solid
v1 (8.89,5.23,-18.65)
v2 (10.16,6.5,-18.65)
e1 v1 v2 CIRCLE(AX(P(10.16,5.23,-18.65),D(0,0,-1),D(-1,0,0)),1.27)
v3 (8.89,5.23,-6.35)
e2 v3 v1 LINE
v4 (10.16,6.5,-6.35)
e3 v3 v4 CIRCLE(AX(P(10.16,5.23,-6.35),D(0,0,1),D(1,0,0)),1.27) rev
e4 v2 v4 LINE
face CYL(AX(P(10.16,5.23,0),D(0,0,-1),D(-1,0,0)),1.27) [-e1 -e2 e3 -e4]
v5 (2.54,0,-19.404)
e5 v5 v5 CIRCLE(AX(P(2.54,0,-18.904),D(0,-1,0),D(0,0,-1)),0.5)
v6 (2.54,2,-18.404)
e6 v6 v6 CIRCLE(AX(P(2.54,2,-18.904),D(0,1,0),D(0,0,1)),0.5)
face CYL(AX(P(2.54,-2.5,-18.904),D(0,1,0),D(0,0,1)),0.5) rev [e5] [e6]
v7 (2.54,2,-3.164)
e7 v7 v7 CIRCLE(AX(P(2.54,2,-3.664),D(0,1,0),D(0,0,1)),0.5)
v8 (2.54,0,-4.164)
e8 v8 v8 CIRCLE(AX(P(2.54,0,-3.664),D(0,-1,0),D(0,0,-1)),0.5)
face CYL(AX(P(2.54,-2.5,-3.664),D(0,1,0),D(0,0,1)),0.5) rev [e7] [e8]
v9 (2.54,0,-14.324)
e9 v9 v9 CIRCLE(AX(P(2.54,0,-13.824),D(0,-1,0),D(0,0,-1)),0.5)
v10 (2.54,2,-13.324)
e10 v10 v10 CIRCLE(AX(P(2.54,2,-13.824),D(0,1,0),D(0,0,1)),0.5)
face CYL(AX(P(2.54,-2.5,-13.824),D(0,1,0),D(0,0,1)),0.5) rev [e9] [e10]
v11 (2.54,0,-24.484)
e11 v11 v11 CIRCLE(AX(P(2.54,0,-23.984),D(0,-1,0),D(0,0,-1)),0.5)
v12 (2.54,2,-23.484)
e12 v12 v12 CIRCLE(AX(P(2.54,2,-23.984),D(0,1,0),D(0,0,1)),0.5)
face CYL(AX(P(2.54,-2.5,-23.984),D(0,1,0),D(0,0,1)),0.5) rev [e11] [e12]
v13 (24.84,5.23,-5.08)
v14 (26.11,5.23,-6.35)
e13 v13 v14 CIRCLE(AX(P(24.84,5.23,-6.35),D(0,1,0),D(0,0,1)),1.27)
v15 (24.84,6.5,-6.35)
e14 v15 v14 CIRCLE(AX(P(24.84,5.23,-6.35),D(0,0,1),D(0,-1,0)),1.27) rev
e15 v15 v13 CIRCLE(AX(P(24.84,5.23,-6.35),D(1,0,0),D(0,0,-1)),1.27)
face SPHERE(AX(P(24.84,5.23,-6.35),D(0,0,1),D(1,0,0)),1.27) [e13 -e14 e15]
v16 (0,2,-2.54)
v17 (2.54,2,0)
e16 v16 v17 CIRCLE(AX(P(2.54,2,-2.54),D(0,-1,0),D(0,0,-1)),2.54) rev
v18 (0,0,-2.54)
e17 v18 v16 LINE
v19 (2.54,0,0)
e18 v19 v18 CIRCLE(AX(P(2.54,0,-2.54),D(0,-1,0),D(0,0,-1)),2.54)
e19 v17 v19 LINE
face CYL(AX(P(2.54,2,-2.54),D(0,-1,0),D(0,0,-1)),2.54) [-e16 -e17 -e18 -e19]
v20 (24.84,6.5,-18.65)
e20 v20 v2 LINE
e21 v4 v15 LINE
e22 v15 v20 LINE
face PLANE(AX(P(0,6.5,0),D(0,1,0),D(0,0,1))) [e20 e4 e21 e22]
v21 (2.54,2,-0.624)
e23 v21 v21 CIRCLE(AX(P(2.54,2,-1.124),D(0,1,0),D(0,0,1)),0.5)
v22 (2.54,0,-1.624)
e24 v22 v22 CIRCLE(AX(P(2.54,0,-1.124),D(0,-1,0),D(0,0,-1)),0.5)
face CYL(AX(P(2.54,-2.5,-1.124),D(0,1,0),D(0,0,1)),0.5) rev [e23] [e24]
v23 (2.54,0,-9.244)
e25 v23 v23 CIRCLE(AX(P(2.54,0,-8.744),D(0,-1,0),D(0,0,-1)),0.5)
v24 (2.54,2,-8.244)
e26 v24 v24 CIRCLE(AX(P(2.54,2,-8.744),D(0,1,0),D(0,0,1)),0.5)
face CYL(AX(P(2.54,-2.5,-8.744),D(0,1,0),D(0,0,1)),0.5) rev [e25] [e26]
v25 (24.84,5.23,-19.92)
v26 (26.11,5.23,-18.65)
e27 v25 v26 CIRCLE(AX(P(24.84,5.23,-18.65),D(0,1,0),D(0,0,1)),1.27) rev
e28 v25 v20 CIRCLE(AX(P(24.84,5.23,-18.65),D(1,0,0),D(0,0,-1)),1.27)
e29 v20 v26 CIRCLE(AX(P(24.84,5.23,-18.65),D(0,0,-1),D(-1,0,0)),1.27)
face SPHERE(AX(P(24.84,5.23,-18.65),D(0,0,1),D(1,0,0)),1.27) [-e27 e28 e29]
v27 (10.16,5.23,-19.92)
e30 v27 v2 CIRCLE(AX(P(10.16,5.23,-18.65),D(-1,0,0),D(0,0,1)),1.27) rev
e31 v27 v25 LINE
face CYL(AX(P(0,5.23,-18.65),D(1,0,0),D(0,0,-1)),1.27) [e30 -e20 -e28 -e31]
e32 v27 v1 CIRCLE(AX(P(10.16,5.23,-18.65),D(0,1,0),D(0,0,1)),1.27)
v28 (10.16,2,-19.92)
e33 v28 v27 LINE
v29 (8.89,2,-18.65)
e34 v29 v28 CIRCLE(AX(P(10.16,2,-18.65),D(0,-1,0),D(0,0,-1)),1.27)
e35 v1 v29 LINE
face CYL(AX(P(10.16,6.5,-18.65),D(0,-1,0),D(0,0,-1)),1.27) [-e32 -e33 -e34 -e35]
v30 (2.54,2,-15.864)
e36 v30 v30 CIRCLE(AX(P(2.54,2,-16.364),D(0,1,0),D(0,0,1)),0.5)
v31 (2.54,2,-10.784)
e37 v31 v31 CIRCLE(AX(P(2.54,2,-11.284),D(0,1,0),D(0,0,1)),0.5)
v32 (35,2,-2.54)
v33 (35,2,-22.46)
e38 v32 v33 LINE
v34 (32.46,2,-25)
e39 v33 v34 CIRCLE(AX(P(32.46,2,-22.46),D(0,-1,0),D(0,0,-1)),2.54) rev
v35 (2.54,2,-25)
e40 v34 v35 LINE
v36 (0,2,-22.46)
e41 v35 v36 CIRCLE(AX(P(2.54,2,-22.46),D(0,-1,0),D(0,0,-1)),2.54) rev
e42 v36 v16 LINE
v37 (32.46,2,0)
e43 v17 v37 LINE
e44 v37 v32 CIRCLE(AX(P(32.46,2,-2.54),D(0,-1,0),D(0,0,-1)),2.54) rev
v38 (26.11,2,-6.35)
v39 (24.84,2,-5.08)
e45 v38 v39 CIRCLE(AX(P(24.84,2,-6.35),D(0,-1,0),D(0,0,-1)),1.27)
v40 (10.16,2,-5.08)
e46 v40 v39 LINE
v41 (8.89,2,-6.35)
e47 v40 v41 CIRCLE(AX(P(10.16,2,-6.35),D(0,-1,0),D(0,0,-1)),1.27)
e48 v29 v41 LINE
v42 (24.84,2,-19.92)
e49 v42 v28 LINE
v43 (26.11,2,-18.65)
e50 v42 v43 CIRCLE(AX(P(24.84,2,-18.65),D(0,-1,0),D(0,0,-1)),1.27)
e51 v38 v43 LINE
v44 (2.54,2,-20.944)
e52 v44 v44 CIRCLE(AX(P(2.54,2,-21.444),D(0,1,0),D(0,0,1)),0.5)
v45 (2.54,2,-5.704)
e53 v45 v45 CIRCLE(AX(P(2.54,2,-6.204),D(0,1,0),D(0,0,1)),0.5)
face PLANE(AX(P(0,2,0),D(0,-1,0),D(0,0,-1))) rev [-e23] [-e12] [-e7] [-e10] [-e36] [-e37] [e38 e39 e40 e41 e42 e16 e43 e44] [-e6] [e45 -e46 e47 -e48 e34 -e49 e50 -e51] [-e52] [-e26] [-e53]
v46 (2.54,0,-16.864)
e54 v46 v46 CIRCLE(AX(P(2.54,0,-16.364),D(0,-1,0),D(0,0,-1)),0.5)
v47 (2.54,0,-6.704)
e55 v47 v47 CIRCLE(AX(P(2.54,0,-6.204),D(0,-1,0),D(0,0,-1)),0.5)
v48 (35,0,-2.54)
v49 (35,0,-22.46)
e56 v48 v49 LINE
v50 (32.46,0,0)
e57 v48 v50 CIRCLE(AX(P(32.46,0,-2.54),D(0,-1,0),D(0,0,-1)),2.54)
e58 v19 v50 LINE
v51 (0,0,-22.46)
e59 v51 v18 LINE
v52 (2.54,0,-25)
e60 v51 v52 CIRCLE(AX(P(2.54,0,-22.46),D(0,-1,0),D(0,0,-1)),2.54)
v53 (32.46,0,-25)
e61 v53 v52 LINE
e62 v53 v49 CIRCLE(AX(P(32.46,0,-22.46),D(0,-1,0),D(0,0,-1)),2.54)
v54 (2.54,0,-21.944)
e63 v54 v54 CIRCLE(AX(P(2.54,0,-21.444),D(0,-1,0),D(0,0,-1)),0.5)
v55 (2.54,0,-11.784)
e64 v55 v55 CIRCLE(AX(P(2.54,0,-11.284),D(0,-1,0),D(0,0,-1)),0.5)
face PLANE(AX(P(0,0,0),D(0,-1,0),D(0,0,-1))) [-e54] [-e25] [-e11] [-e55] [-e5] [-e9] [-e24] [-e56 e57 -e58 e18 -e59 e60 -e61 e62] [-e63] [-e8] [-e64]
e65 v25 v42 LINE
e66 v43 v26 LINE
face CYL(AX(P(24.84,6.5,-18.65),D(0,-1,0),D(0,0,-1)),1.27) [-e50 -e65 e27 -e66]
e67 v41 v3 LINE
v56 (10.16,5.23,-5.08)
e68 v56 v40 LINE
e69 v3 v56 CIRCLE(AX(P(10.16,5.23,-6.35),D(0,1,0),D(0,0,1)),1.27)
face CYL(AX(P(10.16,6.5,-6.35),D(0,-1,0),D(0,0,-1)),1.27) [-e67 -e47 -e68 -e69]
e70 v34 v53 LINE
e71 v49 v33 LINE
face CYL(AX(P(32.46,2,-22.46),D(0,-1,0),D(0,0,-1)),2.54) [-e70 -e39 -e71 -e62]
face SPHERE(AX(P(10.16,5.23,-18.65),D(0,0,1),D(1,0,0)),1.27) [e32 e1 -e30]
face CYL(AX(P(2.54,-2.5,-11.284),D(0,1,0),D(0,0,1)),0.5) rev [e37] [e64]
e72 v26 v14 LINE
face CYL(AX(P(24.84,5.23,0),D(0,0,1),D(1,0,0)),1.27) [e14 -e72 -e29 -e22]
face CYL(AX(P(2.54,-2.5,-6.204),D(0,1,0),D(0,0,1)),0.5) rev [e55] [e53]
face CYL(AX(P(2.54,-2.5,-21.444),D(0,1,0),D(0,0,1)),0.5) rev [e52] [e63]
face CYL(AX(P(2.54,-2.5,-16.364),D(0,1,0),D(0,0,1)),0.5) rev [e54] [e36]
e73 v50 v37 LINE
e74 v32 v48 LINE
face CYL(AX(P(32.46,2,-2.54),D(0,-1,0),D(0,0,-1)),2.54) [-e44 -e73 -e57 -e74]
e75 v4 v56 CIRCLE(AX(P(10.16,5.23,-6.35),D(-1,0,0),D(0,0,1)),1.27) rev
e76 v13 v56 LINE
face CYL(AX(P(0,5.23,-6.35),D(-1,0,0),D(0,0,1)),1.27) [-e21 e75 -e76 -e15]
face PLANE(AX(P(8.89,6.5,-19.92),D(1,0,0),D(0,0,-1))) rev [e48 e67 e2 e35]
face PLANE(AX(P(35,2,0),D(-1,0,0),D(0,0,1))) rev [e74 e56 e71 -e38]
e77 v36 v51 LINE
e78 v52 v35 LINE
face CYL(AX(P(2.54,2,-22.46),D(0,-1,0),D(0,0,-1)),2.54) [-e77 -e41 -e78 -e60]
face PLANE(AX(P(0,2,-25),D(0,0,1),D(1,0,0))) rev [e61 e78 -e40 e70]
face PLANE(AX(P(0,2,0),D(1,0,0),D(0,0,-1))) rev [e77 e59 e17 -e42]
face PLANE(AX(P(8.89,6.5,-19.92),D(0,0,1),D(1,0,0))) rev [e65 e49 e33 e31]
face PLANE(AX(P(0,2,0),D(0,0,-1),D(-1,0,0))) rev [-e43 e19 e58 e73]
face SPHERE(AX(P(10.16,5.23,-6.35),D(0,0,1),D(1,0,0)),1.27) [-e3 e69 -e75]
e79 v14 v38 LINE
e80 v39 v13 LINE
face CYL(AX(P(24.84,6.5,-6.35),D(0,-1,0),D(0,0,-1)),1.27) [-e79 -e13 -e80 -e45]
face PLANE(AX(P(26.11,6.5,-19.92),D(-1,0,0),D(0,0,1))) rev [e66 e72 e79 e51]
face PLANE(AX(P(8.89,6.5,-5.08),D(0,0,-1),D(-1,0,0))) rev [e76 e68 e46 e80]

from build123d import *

# Parameters (mm, degrees)
SKETCH1_W           = 35.000000104
SKETCH1_H           = 25
BOSS_EXTRUDE1_DEPTH = 2
FILLET1_R           = 2.54
SKETCH2_W           = 17.220000104
SKETCH2_H           = 14.84
BOSS_EXTRUDE2_DEPTH = 4.5
FILLET2_R           = 1.27
SKETCH3_R           = 0.5
CUT_EXTRUDE1_DEPTH  = 4.5


with BuildPart() as part:
    # Sketch1 → Boss-Extrude1 (new body)
    with BuildSketch(Plane(origin=(0, 0, 0), x_dir=(1, 0, 0), z_dir=(0, 1, 0))):
        with Locations((17.500000052, 12.5)):
            Rectangle(SKETCH1_W, SKETCH1_H)
    extrude(amount=BOSS_EXTRUDE1_DEPTH)

    # Fillet1
    fillet1_edges = [part.edges().sort_by_distance(p)[0] for p in [
        (0, 1, -25),
        (35.000000104, 1, -25),
        (35.000000104, 1, 0),
        (0, 1, 0),
    ]]
    fillet(fillet1_edges, radius=FILLET1_R)

    # Sketch2 → Boss-Extrude2 (add)
    with BuildSketch(Plane(origin=(0, 2, 0), x_dir=(1, 0, 0), z_dir=(0, 1, 0))):
        with Locations((17.500000052, 12.5)):
            Rectangle(SKETCH2_W, SKETCH2_H)
    extrude(amount=BOSS_EXTRUDE2_DEPTH)

    # Fillet2
    fillet2_edges = [part.edges().sort_by_distance(p)[0] for p in [
        (8.89, 4.25, -19.92),
        (8.89, 4.25, -5.08),
        (26.110000104, 4.25, -5.08),
        (26.110000104, 4.25, -19.92),
        (8.89, 6.5, -12.5),
        (17.500000052, 6.5, -5.08),
        (26.110000104, 6.5, -12.5),
        (17.500000052, 6.5, -19.92),
    ]]
    fillet(fillet2_edges, radius=FILLET2_R)

    # Sketch3 → Cut-Extrude1 (cut)
    with BuildSketch(Plane(origin=(0, 2, 0), x_dir=(1, 0, 0), z_dir=(0, 1, 0))):
        with Locations(Location((2.54, 23.984, 0), (0, 0, 270))):
            Circle(SKETCH3_R)
        with Locations(Location((2.54, 21.444, 0), (0, 0, 270))):
            Circle(SKETCH3_R)
        with Locations(Location((2.54, 18.904, 0), (0, 0, 270))):
            Circle(SKETCH3_R)
        with Locations(Location((2.54, 16.364, 0), (0, 0, 270))):
            Circle(SKETCH3_R)
        with Locations(Location((2.54, 13.824, 0), (0, 0, 270))):
            Circle(SKETCH3_R)
        with Locations(Location((2.54, 11.284, 0), (0, 0, 270))):
            Circle(SKETCH3_R)
        with Locations(Location((2.54, 8.744, 0), (0, 0, 270))):
            Circle(SKETCH3_R)
        with Locations(Location((2.54, 6.204, 0), (0, 0, 270))):
            Circle(SKETCH3_R)
        with Locations(Location((2.54, 3.664, 0), (0, 0, 270))):
            Circle(SKETCH3_R)
        with Locations(Location((2.54, 1.124, 0), (0, 0, 270))):
            Circle(SKETCH3_R)
    extrude(amount=-CUT_EXTRUDE1_DEPTH, mode=Mode.SUBTRACT)


solid = part.part
